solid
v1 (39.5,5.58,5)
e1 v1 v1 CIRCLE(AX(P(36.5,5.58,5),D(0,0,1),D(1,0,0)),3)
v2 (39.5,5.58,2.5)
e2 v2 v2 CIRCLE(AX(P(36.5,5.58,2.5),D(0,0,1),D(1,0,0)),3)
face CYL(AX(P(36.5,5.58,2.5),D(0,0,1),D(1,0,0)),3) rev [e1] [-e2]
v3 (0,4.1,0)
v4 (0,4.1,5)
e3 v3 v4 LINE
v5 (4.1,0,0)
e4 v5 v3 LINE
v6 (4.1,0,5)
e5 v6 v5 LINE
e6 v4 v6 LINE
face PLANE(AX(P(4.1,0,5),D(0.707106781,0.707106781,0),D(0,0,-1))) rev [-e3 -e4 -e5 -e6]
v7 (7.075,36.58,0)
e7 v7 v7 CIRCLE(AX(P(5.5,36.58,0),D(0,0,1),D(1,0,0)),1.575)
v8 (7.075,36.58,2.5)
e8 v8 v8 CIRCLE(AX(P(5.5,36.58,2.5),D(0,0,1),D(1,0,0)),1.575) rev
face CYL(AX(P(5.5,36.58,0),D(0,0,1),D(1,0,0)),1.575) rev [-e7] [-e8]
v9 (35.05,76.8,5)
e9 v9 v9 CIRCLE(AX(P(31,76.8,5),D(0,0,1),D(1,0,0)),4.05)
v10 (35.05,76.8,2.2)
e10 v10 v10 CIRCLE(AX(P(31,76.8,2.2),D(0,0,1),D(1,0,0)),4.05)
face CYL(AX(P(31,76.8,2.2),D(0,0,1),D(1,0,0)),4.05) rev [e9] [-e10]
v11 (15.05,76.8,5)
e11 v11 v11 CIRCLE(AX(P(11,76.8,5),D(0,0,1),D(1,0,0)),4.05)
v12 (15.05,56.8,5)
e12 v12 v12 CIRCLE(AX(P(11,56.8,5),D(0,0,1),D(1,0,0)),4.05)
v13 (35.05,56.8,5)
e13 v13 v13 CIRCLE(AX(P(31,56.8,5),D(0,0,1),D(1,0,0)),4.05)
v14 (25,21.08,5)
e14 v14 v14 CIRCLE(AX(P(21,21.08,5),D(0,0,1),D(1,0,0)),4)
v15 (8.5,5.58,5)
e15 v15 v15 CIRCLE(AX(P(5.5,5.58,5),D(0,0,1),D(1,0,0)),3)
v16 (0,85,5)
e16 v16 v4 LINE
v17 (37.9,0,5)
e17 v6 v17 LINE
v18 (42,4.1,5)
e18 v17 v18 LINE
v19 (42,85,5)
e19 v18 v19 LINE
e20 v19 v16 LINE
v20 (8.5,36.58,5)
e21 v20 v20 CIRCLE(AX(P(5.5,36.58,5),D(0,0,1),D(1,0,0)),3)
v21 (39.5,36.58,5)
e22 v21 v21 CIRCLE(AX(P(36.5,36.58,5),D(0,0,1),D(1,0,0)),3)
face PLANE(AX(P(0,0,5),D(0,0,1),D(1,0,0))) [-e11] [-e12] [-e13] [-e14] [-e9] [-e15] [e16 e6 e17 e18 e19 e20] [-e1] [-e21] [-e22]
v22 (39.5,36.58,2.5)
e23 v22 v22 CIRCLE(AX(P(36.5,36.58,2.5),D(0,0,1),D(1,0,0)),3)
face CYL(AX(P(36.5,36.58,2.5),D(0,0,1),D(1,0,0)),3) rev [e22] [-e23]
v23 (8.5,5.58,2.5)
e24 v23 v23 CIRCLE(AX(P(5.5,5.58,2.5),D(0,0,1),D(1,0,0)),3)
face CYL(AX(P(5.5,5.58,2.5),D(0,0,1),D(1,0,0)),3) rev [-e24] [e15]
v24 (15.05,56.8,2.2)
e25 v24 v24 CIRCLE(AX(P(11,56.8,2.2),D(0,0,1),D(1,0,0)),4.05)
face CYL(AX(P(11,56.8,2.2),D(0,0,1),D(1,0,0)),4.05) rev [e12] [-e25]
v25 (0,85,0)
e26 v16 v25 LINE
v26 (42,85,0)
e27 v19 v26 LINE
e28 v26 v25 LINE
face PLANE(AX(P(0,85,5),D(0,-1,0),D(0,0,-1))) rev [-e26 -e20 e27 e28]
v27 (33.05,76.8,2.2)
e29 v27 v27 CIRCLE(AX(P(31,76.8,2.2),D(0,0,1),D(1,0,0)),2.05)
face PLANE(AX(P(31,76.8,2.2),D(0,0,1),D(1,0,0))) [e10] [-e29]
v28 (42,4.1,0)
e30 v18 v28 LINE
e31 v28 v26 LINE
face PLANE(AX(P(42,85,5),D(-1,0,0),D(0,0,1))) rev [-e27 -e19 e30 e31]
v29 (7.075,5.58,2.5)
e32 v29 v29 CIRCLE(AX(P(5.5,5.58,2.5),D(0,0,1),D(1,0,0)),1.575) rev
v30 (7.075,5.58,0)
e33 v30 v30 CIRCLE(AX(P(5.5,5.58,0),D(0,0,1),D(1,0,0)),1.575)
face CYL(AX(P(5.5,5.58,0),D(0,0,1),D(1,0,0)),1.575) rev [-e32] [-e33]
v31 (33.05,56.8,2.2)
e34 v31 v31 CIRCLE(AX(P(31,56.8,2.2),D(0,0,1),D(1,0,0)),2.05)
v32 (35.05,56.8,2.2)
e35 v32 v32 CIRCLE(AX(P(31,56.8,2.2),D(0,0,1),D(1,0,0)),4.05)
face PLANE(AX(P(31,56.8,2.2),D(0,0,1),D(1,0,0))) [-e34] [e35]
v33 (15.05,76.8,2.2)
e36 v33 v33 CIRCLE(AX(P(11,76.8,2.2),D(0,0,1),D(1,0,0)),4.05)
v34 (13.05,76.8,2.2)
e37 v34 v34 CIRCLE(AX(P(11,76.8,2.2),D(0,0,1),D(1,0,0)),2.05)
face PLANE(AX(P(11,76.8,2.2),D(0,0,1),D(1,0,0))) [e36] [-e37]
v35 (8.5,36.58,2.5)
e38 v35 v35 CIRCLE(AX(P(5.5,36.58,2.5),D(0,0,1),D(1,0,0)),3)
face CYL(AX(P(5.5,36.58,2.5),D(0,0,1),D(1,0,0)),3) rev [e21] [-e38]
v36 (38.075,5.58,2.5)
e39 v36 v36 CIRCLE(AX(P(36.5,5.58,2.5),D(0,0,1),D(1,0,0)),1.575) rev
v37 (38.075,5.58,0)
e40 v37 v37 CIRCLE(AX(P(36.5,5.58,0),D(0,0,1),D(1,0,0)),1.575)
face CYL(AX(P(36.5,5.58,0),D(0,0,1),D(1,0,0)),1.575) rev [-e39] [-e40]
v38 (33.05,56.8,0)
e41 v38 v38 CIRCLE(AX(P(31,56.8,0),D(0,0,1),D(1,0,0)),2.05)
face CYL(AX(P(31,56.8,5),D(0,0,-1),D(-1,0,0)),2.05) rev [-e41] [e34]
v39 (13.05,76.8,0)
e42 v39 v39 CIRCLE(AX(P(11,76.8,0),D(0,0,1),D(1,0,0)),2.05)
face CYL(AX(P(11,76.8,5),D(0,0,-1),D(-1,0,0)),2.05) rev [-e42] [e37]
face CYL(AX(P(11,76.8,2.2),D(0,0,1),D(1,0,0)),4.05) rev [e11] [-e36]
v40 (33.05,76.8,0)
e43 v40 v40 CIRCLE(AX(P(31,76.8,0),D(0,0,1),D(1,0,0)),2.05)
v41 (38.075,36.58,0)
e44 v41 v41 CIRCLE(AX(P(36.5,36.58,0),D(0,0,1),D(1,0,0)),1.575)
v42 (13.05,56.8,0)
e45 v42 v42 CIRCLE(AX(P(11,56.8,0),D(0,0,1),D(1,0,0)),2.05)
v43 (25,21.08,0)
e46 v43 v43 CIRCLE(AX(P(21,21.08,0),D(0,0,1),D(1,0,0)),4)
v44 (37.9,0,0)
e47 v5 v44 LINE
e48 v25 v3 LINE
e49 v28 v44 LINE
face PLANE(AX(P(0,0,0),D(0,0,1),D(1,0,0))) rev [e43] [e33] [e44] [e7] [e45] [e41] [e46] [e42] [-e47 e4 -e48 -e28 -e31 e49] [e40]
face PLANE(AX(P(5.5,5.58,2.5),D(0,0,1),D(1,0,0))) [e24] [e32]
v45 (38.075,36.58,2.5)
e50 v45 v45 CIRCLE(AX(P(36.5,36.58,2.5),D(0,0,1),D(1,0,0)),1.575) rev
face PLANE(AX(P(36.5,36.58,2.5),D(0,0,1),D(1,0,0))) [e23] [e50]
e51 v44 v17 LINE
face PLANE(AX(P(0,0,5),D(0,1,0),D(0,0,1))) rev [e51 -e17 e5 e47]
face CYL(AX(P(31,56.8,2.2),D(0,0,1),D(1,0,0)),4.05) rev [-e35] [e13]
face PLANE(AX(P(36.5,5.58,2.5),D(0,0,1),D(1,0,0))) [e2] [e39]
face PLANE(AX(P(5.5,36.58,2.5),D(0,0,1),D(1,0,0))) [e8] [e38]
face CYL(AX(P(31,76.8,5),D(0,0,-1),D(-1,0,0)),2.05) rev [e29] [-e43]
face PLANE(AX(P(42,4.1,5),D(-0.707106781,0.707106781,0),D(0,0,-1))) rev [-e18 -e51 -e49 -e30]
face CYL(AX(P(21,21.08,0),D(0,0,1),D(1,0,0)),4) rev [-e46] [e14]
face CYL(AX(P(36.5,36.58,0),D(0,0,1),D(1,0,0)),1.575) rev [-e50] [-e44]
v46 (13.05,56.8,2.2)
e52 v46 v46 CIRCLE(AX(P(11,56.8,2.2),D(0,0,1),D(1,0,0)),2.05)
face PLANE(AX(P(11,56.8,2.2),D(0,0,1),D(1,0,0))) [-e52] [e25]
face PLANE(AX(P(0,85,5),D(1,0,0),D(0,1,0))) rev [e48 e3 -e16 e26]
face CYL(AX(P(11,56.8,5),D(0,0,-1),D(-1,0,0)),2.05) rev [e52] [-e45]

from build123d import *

# Parameters (mm, degrees)
CROQUIS1_W              = 42
CROQUIS1_H              = 85
CROQUIS1_R              = 2.05
SALIENTE_EXTRUIR1_DEPTH = 5
CROQUIS4_R              = 4.05
CORTAR_EXTRUIR1_DEPTH   = 2.8
CROQUIS5_R              = 1.575
CROQUIS5_R_2            = 4
CORTAR_EXTRUIR2_DEPTH   = 6
CROQUIS6_R              = 3
CORTAR_EXTRUIR3_DEPTH   = 2.5
CHAFL_N1_SIZE           = 4.1


with BuildPart() as part:
    # Croquis1 → Saliente-Extruir1 (new body)
    with BuildSketch(Plane.XY):
        with Locations((21, 42.5)):
            Rectangle(CROQUIS1_W, CROQUIS1_H)
        with Locations((11, 76.8)):
            Circle(CROQUIS1_R, mode=Mode.SUBTRACT)
        with Locations((31, 76.8)):
            Circle(CROQUIS1_R, mode=Mode.SUBTRACT)
        with Locations((31, 56.8)):
            Circle(CROQUIS1_R, mode=Mode.SUBTRACT)
        with Locations((11, 56.8)):
            Circle(CROQUIS1_R, mode=Mode.SUBTRACT)
    extrude(amount=SALIENTE_EXTRUIR1_DEPTH)

    # Croquis4 → Cortar-Extruir1 (cut)
    with BuildSketch(Plane.XY.offset(5)):
        with Locations((11, 76.8)):
            Circle(CROQUIS4_R)
        with Locations((11, 56.8)):
            Circle(CROQUIS4_R)
        with Locations((31, 56.8)):
            Circle(CROQUIS4_R)
        with Locations((31, 76.8)):
            Circle(CROQUIS4_R)
    extrude(amount=-CORTAR_EXTRUIR1_DEPTH, mode=Mode.SUBTRACT)

    # Croquis5 → Cortar-Extruir2 (cut, through all)
    with BuildSketch(Plane.XY.offset(5)):
        with Locations((5.5, 36.58)):
            Circle(CROQUIS5_R)
        with Locations((36.5, 36.58)):
            Circle(CROQUIS5_R)
        with Locations((36.5, 5.58)):
            Circle(CROQUIS5_R)
        with Locations((5.5, 5.58)):
            Circle(CROQUIS5_R)
        with Locations((21, 21.08)):
            Circle(CROQUIS5_R_2)
    extrude(amount=-CORTAR_EXTRUIR2_DEPTH, mode=Mode.SUBTRACT)

    # Croquis6 → Cortar-Extruir3 (cut)
    with BuildSketch(Plane.XY.offset(5)):
        with Locations((5.5, 36.58)):
            Circle(CROQUIS6_R)
        with Locations((36.5, 36.58)):
            Circle(CROQUIS6_R)
        with Locations((36.5, 5.58)):
            Circle(CROQUIS6_R)
        with Locations((5.5, 5.58)):
            Circle(CROQUIS6_R)
    extrude(amount=-CORTAR_EXTRUIR3_DEPTH, mode=Mode.SUBTRACT)

    # Chaflán1
    chafl_n1_edges = [part.edges().sort_by_distance(p)[0] for p in [
        (42, 0, 2.5),
        (0, 0, 2.5),
    ]]
    chamfer(chafl_n1_edges, length=CHAFL_N1_SIZE)


solid = part.part
